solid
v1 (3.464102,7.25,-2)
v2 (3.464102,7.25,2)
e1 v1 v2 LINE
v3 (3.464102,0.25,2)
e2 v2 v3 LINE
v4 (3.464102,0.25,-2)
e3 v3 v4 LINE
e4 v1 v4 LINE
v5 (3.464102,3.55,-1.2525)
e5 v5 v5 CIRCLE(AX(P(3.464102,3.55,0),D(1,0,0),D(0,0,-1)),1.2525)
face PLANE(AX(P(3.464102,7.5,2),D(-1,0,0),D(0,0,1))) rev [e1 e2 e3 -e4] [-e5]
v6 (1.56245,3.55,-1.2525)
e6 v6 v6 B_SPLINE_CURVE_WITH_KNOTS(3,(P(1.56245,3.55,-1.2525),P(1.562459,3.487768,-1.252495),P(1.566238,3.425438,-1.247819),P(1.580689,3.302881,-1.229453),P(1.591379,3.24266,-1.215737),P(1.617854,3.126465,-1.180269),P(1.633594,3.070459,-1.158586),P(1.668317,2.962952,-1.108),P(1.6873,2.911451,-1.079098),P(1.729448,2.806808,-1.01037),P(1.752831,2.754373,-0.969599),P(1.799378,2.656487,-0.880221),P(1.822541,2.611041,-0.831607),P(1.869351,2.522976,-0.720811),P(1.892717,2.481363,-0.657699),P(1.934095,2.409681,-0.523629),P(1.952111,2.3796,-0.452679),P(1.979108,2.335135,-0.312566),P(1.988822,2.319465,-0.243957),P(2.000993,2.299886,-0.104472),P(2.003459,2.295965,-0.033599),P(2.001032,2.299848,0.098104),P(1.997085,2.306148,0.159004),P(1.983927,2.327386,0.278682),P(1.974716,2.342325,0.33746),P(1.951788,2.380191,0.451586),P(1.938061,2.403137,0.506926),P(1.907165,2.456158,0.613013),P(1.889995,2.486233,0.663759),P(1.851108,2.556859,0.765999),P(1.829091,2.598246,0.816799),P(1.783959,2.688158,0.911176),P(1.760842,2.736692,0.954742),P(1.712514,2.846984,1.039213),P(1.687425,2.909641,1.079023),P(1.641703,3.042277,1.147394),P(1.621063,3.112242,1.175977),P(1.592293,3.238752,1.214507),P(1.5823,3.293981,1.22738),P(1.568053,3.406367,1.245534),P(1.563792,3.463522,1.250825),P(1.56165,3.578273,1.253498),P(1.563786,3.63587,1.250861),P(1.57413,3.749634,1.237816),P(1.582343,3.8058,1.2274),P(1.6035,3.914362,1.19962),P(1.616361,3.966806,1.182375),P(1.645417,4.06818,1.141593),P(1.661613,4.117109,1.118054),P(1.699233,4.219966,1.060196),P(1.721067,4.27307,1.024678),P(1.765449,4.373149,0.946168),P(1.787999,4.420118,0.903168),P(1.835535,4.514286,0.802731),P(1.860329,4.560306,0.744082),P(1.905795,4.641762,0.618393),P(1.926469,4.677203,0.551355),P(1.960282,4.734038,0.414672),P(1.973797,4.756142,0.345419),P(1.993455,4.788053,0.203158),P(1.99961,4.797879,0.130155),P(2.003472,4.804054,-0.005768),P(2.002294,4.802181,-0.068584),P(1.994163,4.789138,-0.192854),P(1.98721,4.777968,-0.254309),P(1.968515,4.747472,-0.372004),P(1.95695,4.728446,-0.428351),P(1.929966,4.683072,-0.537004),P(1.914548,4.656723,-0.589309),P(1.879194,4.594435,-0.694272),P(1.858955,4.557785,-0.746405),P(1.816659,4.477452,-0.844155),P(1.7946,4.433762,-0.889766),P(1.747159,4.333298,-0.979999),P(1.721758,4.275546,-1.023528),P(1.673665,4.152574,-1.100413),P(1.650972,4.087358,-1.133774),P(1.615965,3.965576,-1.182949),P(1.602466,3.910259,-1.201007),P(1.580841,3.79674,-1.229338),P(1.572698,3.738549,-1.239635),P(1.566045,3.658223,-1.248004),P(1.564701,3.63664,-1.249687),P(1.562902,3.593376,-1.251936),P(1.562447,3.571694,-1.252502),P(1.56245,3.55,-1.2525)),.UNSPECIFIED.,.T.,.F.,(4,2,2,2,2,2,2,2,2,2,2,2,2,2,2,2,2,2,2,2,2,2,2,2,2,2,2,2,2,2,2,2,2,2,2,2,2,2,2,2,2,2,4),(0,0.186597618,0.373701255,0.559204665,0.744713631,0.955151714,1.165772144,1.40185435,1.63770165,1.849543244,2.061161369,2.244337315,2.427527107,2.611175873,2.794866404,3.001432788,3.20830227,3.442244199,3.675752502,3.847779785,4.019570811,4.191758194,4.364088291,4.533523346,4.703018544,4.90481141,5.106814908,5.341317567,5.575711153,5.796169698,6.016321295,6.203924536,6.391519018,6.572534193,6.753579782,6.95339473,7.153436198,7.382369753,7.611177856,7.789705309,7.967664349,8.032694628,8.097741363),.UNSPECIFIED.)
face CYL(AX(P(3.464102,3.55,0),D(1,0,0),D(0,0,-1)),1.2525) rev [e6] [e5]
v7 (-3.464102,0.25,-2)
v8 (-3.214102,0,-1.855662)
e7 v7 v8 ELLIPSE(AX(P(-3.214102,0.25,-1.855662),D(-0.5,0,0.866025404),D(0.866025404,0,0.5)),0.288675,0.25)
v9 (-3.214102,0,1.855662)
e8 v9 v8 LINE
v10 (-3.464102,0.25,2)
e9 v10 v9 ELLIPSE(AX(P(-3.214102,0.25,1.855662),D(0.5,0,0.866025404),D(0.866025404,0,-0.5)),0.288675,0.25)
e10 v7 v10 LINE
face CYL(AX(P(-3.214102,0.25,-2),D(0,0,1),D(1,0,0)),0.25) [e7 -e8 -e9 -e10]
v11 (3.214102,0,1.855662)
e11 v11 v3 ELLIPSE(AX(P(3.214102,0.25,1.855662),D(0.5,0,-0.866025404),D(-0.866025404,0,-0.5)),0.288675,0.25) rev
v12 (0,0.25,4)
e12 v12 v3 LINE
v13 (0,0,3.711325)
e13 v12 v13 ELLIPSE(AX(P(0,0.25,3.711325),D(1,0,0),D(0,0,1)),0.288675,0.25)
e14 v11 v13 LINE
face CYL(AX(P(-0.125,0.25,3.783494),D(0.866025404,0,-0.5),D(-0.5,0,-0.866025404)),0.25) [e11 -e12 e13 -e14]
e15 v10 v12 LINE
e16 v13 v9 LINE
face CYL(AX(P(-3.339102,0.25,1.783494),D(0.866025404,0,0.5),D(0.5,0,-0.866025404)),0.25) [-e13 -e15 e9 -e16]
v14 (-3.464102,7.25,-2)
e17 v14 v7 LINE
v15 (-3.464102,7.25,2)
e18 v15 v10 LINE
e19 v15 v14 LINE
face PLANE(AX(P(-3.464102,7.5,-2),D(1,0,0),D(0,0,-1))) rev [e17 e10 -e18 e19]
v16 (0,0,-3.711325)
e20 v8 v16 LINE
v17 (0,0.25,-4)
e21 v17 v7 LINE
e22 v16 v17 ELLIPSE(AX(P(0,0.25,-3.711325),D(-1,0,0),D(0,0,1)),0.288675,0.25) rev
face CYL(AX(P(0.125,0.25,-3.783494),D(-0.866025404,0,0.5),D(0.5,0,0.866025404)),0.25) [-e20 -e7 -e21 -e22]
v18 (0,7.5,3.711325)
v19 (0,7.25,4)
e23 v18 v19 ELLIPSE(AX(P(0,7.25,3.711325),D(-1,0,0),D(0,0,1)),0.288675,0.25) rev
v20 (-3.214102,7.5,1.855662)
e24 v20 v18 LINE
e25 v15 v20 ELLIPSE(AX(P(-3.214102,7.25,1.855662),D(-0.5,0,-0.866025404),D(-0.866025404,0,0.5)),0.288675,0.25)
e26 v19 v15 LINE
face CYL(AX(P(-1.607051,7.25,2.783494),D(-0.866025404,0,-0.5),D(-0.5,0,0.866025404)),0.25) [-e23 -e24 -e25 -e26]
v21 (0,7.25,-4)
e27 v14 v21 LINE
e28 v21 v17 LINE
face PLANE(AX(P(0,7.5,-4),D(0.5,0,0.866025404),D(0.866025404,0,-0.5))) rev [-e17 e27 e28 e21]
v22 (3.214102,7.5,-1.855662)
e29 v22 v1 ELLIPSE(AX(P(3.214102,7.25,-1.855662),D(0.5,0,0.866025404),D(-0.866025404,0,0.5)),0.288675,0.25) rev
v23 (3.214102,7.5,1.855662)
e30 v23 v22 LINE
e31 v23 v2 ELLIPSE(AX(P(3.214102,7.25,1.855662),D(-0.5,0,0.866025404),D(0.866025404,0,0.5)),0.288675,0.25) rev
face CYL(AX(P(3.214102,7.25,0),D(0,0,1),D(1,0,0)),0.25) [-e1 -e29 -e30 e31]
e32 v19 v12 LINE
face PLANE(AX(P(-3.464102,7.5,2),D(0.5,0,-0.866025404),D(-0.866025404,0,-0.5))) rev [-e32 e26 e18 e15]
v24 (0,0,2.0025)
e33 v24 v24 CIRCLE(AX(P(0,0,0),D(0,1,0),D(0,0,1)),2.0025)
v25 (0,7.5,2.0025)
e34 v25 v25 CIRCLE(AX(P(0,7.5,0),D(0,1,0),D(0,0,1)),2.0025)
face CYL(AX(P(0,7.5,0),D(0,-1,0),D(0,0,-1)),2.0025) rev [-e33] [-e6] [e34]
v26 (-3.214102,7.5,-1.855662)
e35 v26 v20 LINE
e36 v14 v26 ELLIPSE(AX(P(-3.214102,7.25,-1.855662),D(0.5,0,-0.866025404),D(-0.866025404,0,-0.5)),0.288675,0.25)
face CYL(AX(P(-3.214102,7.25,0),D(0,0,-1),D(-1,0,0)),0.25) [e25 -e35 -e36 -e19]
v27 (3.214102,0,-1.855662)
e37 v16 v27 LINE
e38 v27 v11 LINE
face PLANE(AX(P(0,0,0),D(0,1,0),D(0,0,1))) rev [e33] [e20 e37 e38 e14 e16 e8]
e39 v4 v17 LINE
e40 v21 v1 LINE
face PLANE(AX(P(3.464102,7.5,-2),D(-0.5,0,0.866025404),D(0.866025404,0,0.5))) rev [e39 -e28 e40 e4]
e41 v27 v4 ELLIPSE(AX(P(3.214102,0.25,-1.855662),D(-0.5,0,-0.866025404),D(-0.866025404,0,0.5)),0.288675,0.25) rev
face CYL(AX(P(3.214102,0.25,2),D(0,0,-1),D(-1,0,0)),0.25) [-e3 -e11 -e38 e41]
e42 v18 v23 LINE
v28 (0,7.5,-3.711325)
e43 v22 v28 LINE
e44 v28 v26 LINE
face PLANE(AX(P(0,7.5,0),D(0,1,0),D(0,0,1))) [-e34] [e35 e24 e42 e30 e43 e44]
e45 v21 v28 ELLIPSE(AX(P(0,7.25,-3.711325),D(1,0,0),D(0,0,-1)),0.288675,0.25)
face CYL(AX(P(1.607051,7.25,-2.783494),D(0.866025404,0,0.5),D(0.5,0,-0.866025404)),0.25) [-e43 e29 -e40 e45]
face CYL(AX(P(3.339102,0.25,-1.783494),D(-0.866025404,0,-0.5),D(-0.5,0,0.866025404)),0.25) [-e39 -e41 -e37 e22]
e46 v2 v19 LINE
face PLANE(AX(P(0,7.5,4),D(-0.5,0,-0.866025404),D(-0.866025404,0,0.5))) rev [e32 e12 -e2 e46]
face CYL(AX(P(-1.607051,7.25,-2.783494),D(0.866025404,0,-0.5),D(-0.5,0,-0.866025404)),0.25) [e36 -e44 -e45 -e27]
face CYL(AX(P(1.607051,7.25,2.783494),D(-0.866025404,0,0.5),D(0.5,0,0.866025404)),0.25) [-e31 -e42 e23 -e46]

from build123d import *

# Parameters (mm, degrees)
SKETCH1_R                  = 2.0025
BOSS_EXTRUDE1_DEPTH        = 7.5
M3X0_5_TAPPED_HOLE1_REACH  = 10.922
M3X0_5_TAPPED_HOLE1_BORE_R = 1.2525
FILLET1_R                  = 0.25


with BuildPart() as part:
    # Sketch1 → Boss-Extrude1 (new body)
    with BuildSketch(Plane(origin=(0, 0, 0), x_dir=(1, 0, 0), z_dir=(0, 1, 0))):
        Polygon((0, 4), (-3.464101615, 2), (-3.464101615, -2), (0, -4), (3.464101615, -2), (3.464101615, 2), align=None)
        with Locations(Location((0, 0, 0), (0, 0, 270))):
            Circle(SKETCH1_R, mode=Mode.SUBTRACT)
    extrude(amount=BOSS_EXTRUDE1_DEPTH)

    # M3x0.5 Tapped Hole1 bore (on position points) → M3x0.5 Tapped Hole1 (cut, up to next)
    with BuildSketch(Plane(origin=(3.464101615, 3.55, 0), x_dir=(0, 0, 1), z_dir=(1, 0, 0)), mode=Mode.PRIVATE) as m3x0_5_tapped_hole1_sk1:
        Circle(M3X0_5_TAPPED_HOLE1_BORE_R)
    m3x0_5_tapped_hole1_tool1 = extrude(m3x0_5_tapped_hole1_sk1.sketch, amount=-M3X0_5_TAPPED_HOLE1_REACH, mode=Mode.PRIVATE) & part.part
    add(m3x0_5_tapped_hole1_tool1.solids().sort_by_distance((3.464102, 3.55, 0))[0], mode=Mode.SUBTRACT)

    # Fillet1
    fillet1_edges = [part.edges().sort_by_distance(p)[0] for p in [
        (-3.464101615, 7.5, 0),
        (-1.732050808, 7.5, 3),
        (1.732050808, 7.5, 3),
        (3.464101615, 7.5, 0),
        (1.732050808, 7.5, -3),
        (3.464101615, 0, 0),
        (1.732050808, 0, 3),
        (-1.732050808, 0, 3),
        (-1.732050808, 7.5, -3),
        (-3.464101615, 0, 0),
        (-1.732050808, 0, -3),
        (1.732050808, 0, -3),
    ]]
    fillet(fillet1_edges, radius=FILLET1_R)


solid = part.part
